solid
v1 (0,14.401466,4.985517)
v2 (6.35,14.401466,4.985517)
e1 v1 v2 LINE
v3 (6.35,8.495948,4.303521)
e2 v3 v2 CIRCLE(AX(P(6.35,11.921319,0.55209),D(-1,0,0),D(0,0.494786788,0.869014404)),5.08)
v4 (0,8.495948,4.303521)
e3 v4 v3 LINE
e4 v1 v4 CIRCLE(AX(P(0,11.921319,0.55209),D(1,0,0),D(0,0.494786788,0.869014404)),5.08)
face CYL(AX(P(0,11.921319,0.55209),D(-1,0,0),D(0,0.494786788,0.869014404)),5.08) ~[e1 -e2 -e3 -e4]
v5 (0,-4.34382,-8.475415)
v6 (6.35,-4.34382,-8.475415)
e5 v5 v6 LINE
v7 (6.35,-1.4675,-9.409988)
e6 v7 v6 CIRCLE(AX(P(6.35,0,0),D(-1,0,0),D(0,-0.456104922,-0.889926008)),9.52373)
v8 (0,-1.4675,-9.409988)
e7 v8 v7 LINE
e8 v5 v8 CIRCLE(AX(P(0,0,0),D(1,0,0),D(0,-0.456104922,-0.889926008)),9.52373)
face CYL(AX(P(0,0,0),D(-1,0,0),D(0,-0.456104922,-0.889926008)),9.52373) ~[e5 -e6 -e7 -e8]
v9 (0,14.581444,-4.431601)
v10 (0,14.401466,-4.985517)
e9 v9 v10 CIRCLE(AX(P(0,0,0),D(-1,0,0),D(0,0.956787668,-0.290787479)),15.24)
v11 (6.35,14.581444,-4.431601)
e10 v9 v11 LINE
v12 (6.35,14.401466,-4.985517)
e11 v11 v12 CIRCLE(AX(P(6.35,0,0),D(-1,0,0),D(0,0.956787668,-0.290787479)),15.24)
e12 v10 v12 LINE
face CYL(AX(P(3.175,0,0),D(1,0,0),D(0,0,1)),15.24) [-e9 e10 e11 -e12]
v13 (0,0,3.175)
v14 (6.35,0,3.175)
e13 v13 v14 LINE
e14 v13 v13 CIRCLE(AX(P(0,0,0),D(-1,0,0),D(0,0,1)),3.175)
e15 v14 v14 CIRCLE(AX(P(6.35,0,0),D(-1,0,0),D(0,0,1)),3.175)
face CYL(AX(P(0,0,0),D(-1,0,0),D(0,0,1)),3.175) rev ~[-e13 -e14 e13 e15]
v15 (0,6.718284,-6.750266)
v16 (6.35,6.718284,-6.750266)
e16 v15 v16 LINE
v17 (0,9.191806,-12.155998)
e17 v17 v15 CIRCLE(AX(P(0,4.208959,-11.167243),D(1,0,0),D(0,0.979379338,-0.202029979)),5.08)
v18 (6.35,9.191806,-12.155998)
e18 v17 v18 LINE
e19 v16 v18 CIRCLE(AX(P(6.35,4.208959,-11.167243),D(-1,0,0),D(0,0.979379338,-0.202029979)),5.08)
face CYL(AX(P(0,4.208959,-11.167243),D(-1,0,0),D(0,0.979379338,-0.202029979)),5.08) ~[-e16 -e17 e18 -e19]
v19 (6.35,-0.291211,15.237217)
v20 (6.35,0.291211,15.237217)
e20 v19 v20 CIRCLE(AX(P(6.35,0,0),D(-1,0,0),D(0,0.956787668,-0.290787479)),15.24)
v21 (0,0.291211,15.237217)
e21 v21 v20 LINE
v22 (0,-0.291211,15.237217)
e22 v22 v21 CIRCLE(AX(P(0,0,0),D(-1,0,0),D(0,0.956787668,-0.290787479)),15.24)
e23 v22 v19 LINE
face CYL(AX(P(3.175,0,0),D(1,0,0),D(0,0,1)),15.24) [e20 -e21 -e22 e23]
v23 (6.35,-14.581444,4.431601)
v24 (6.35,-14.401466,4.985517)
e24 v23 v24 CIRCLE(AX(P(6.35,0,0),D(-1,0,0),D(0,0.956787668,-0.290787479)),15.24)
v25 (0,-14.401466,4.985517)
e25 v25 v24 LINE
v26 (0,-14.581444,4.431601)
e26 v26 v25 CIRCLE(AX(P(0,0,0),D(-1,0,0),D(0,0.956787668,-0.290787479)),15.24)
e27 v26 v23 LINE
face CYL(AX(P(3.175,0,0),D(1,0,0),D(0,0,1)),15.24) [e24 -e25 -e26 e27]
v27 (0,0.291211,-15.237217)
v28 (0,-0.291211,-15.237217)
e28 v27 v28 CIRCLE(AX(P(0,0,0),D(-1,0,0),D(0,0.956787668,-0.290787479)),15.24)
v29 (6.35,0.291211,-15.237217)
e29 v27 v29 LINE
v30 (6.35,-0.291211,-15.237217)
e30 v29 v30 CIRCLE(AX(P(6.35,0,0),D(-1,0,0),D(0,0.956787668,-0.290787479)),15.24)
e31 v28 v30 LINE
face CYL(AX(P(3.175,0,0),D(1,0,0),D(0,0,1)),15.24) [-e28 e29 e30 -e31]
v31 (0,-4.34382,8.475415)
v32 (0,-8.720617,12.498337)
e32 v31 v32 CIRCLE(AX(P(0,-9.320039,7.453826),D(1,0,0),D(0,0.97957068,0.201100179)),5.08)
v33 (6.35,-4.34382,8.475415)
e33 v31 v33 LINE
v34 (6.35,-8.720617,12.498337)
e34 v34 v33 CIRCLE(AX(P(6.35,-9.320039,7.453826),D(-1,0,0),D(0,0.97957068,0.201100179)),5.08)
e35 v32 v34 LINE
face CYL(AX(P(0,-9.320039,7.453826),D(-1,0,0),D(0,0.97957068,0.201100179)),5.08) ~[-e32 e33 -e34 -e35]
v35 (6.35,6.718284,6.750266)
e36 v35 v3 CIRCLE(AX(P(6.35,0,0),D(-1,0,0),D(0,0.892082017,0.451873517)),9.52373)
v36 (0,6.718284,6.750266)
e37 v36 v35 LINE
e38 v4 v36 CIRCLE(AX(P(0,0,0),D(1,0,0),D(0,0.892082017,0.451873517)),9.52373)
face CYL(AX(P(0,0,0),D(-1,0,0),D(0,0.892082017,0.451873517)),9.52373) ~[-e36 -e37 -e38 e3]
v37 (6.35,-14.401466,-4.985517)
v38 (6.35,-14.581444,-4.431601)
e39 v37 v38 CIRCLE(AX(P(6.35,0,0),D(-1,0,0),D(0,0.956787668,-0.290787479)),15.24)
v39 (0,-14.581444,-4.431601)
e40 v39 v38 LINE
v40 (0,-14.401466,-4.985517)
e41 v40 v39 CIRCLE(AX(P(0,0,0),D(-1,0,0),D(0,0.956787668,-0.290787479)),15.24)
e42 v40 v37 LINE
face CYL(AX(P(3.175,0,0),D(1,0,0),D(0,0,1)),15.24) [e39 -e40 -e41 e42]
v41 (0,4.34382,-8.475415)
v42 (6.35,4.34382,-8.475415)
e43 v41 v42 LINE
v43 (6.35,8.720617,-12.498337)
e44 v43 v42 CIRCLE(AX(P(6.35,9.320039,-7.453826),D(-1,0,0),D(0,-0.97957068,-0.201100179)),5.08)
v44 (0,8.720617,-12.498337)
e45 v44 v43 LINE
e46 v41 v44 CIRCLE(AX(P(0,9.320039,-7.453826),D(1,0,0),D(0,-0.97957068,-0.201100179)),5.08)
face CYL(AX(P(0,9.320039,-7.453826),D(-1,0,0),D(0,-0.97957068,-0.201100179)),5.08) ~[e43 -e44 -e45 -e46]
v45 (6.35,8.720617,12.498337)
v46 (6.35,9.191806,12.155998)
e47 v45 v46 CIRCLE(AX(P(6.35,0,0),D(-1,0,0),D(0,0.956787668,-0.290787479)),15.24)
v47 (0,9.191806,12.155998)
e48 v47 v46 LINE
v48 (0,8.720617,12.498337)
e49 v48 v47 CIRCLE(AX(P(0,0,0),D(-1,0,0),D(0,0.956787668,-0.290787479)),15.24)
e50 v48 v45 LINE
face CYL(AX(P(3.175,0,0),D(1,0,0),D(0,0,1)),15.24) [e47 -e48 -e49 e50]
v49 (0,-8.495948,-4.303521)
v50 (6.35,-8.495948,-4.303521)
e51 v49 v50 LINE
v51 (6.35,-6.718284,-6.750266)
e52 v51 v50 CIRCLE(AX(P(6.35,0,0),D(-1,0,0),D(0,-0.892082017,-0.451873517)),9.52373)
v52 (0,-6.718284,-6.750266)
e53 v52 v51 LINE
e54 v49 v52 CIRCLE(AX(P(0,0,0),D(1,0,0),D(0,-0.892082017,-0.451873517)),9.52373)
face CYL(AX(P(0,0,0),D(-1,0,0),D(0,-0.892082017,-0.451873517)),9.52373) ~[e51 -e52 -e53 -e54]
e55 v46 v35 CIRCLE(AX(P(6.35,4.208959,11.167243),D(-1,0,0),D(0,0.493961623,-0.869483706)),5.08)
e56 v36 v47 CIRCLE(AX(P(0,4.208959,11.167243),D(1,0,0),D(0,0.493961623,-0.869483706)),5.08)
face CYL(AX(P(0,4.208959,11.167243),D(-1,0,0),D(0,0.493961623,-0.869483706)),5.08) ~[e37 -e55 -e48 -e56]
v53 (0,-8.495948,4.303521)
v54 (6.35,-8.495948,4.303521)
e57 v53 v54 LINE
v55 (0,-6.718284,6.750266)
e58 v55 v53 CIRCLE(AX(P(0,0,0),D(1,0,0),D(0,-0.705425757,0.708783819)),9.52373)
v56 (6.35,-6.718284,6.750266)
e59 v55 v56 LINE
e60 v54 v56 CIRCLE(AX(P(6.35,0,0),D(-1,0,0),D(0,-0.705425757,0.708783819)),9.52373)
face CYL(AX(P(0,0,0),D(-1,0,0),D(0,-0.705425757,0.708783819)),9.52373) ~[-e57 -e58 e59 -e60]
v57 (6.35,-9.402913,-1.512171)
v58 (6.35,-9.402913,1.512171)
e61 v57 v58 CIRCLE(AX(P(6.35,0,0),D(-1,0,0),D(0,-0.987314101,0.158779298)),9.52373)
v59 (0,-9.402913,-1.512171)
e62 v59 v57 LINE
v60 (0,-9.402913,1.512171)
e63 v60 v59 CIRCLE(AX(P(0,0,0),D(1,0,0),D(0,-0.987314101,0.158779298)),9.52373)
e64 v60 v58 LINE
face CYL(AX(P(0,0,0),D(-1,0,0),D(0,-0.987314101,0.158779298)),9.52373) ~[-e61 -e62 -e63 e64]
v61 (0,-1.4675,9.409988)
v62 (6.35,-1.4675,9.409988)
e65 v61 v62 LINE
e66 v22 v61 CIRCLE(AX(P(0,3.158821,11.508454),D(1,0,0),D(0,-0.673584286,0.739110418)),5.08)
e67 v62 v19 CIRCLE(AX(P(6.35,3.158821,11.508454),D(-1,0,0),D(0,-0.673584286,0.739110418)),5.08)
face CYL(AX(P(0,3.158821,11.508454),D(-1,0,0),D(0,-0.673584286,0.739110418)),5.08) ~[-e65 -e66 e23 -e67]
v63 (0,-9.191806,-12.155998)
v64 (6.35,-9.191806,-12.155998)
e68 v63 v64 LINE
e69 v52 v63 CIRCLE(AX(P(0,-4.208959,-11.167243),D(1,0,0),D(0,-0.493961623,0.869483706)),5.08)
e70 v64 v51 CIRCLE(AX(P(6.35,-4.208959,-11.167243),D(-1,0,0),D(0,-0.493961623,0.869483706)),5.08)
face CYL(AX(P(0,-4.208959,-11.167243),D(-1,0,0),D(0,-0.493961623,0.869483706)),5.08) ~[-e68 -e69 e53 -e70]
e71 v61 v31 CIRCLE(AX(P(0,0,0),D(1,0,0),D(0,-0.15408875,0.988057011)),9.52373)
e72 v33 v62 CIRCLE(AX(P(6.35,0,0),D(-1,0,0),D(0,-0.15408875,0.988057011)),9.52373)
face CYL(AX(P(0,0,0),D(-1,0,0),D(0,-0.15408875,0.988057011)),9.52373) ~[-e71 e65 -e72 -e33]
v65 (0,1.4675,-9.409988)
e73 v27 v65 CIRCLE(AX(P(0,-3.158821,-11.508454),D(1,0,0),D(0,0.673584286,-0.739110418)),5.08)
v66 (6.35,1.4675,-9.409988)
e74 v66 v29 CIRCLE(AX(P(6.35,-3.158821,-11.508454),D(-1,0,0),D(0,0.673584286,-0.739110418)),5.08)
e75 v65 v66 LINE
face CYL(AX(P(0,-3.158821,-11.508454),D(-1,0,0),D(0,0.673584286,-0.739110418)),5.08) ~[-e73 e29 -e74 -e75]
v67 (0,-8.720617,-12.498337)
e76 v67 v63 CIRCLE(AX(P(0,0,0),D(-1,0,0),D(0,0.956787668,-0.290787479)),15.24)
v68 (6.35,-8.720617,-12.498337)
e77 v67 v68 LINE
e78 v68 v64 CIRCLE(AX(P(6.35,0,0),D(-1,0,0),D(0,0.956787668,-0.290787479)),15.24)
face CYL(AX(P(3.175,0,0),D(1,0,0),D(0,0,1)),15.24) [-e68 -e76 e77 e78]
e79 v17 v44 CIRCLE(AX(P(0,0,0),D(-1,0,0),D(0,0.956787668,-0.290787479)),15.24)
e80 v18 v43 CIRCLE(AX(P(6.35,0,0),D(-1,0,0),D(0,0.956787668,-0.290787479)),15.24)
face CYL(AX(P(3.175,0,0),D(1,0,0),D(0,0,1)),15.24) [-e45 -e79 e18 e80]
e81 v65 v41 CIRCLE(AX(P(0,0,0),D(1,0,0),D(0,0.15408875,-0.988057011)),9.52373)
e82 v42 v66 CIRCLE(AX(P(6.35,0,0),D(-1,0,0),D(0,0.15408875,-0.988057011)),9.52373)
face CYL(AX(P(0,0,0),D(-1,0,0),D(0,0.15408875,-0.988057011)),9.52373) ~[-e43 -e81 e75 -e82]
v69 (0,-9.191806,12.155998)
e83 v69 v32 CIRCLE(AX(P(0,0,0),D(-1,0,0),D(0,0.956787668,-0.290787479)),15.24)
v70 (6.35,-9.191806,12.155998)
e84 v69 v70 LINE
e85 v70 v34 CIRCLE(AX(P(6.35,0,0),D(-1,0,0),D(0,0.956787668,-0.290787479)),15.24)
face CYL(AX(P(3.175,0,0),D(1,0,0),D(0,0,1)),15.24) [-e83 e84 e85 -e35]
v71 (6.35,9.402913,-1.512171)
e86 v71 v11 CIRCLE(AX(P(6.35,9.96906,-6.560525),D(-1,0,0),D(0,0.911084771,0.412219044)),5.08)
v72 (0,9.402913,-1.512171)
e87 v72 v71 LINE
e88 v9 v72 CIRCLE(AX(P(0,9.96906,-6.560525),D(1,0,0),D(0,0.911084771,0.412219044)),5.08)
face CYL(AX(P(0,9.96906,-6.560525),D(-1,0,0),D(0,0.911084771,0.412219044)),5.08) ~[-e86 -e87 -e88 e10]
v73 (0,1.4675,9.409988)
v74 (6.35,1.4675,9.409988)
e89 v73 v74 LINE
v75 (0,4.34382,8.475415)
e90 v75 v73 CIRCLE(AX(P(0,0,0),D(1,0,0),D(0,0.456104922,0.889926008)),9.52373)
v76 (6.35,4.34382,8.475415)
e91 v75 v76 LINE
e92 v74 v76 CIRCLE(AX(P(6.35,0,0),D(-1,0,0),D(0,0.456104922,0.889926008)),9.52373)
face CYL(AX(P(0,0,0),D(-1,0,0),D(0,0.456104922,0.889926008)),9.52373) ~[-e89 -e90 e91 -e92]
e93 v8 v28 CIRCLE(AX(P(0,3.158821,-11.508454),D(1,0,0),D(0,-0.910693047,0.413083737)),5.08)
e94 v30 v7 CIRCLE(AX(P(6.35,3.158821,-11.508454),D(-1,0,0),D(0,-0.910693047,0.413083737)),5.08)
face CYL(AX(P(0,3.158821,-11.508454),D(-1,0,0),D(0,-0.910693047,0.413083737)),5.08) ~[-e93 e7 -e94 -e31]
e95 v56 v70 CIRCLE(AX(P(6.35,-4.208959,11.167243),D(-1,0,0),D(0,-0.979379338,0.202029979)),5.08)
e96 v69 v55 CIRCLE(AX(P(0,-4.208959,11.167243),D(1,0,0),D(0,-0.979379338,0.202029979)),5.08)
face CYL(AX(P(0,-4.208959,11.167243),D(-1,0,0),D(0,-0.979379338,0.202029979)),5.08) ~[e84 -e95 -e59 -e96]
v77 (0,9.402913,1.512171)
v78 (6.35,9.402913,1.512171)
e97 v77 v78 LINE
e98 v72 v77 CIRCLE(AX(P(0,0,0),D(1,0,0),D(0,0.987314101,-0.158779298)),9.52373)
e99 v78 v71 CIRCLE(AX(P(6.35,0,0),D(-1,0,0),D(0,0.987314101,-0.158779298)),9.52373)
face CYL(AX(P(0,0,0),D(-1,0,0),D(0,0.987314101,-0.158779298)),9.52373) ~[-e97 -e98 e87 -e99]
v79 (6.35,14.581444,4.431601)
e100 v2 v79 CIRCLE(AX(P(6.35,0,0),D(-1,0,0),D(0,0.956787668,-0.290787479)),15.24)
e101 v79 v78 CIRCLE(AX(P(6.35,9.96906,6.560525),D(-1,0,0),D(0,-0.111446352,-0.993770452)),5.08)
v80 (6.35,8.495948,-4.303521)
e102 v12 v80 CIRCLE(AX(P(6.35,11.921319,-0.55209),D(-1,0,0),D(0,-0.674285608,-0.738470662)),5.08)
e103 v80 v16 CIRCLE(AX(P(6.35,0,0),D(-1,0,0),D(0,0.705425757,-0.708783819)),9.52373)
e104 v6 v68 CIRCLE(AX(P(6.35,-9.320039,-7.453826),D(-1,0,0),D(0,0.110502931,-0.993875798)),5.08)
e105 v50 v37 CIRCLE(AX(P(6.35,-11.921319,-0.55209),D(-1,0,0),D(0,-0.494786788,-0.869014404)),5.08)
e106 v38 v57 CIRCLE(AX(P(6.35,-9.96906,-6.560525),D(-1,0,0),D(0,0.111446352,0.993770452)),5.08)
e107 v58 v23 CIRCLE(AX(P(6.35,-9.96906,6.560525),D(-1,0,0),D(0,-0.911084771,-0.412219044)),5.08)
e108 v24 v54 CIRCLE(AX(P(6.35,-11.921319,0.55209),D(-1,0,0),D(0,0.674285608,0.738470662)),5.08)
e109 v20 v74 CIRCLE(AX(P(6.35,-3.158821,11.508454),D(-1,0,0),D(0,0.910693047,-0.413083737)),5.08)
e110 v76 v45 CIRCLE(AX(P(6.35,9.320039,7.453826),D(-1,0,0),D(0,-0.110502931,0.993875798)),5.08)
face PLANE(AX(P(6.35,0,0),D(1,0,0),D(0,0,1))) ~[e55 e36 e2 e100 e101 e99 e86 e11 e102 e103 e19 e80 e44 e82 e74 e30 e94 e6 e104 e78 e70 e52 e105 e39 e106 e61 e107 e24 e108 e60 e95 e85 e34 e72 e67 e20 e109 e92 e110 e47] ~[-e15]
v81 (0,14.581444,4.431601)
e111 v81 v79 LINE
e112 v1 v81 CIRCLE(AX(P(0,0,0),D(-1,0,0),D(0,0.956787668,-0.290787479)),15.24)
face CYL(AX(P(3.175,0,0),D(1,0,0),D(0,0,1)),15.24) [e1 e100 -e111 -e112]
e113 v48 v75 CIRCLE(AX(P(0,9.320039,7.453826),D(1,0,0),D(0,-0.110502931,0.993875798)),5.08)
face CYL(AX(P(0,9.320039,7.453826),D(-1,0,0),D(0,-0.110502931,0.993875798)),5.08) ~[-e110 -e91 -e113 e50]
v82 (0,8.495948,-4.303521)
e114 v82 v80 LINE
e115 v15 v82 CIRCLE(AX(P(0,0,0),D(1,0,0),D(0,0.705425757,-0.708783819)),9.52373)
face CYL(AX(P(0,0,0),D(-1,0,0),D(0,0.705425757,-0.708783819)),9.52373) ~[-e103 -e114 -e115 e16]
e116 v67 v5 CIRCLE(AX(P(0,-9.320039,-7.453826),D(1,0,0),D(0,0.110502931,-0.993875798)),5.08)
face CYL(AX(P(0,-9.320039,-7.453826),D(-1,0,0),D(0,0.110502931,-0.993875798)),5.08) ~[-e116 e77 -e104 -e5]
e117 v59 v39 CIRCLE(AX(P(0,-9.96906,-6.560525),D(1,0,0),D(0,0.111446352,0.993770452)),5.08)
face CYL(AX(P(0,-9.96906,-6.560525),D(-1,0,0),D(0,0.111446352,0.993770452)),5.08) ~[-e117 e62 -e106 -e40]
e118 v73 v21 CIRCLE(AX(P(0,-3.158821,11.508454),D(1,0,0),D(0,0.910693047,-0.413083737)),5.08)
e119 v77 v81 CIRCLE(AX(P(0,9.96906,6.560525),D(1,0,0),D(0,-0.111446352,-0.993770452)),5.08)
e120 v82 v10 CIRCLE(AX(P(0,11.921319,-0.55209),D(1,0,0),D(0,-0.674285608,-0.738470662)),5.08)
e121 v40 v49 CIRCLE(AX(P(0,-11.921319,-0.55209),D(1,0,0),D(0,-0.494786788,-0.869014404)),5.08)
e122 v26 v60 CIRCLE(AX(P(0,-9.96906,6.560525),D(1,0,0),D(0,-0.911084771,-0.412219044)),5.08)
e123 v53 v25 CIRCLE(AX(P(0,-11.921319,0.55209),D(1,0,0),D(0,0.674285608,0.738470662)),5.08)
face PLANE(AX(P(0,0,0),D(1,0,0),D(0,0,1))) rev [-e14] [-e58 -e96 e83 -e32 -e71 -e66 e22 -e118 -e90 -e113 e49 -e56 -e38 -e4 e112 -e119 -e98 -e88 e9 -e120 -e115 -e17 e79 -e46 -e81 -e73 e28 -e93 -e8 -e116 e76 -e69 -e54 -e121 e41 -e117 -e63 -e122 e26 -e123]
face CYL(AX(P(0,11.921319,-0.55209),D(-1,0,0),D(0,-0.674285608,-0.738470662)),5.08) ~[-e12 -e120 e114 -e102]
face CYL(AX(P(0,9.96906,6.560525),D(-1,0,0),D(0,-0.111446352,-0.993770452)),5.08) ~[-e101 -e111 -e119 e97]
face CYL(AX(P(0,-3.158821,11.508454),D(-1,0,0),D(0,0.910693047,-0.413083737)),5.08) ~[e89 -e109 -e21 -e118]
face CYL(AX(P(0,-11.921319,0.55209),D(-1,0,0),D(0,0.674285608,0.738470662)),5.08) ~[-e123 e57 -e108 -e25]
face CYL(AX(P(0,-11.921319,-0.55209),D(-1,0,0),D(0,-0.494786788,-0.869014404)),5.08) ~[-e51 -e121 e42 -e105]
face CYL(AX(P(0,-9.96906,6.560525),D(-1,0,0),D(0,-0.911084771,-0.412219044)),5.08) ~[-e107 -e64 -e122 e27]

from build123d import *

# Parameters (mm, degrees)
BASPROSKE_W        = 6.35
BASPROSKE_H        = 15.24
TOOTHCUT_DEPTH     = 23.468593636
TEETHCUTS_COUNT    = 10
TEETHCUTS_ANGLE    = 324
BORSKE_R           = 0.396875
BORE_DEPTH         = 50.8000508
KEYSKE_W           = 0.254
KEYSKE_H           = 0.619125
KEYWAY_DEPTH       = 50.8000508
SKETCH1_R          = 3.175
CUT_EXTRUDE1_DEPTH = 23.027224313


with BuildPart() as part:
    # BasProSke → Base-Revolve (revolve)
    with BuildSketch(Plane(origin=(0, 0, 0), x_dir=(1, 0, 0), z_dir=(0, 1, 0)), mode=Mode.PRIVATE) as base_revolve_sk:
        with Locations((3.175, 7.62)):
            Rectangle(BASPROSKE_W, BASPROSKE_H)
    revolve(base_revolve_sk.sketch.rotate(Axis((-10, 0, 0), (1, 0, 0)), 180), axis=Axis((-10, 0, 0), (1, 0, 0)))

    # TooCutSke → ToothCut (cut, through all)
    with BuildSketch(Plane(origin=(0, 0, 0), x_dir=(0, 0, -1), z_dir=(1, 0, 0))):
        with BuildLine():
            ThreePointArc((1.512171166, 9.402912925), (0, 9.52373), (-1.512171166, 9.402912925))
            ThreePointArc((-1.512171166, 9.402912925), (-2.144739364, 12.480481638), (-4.466452315, 14.597371026))
            ThreePointArc((-4.466452315, 14.597371026), (0, 15.2654), (4.466452315, 14.597371026))
            ThreePointArc((4.466452315, 14.597371026), (2.144739364, 12.480481638), (1.512171166, 9.402912925))
        make_face()
    toothcut = extrude(amount=TOOTHCUT_DEPTH, mode=Mode.SUBTRACT)

    # TeethCuts: ToothCut ×10 about axis
    teethcuts_axis = Axis((-10, 0, 0), (1, 0, 0))
    for i in range(1, TEETHCUTS_COUNT):
        add(toothcut.rotate(teethcuts_axis, i * TEETHCUTS_ANGLE / (TEETHCUTS_COUNT - 1)), mode=Mode.SUBTRACT)

    # BorSke → Bore (cut, symmetric)
    with BuildSketch(Plane(origin=(0, 0, 0), x_dir=(0, 0, -1), z_dir=(1, 0, 0))):
        with Locations(Location((0, 0, 0), (0, 0, 180))):
            Circle(BORSKE_R)
    extrude(amount=BORE_DEPTH, both=True, mode=Mode.SUBTRACT)

    # KeySke → Keyway (cut, symmetric)
    with BuildSketch(Plane(origin=(0, 0, 0), x_dir=(0, 0, -1), z_dir=(1, 0, 0))):
        with Locations((0, 0.3095625)):
            Rectangle(KEYSKE_W, KEYSKE_H)
    extrude(amount=KEYWAY_DEPTH, both=True, mode=Mode.SUBTRACT)

    # Sketch1 → Cut-Extrude1 (cut, through all)
    with BuildSketch(Plane.ZY):
        Circle(SKETCH1_R)
    extrude(amount=-CUT_EXTRUDE1_DEPTH, mode=Mode.SUBTRACT)


solid = part.part
